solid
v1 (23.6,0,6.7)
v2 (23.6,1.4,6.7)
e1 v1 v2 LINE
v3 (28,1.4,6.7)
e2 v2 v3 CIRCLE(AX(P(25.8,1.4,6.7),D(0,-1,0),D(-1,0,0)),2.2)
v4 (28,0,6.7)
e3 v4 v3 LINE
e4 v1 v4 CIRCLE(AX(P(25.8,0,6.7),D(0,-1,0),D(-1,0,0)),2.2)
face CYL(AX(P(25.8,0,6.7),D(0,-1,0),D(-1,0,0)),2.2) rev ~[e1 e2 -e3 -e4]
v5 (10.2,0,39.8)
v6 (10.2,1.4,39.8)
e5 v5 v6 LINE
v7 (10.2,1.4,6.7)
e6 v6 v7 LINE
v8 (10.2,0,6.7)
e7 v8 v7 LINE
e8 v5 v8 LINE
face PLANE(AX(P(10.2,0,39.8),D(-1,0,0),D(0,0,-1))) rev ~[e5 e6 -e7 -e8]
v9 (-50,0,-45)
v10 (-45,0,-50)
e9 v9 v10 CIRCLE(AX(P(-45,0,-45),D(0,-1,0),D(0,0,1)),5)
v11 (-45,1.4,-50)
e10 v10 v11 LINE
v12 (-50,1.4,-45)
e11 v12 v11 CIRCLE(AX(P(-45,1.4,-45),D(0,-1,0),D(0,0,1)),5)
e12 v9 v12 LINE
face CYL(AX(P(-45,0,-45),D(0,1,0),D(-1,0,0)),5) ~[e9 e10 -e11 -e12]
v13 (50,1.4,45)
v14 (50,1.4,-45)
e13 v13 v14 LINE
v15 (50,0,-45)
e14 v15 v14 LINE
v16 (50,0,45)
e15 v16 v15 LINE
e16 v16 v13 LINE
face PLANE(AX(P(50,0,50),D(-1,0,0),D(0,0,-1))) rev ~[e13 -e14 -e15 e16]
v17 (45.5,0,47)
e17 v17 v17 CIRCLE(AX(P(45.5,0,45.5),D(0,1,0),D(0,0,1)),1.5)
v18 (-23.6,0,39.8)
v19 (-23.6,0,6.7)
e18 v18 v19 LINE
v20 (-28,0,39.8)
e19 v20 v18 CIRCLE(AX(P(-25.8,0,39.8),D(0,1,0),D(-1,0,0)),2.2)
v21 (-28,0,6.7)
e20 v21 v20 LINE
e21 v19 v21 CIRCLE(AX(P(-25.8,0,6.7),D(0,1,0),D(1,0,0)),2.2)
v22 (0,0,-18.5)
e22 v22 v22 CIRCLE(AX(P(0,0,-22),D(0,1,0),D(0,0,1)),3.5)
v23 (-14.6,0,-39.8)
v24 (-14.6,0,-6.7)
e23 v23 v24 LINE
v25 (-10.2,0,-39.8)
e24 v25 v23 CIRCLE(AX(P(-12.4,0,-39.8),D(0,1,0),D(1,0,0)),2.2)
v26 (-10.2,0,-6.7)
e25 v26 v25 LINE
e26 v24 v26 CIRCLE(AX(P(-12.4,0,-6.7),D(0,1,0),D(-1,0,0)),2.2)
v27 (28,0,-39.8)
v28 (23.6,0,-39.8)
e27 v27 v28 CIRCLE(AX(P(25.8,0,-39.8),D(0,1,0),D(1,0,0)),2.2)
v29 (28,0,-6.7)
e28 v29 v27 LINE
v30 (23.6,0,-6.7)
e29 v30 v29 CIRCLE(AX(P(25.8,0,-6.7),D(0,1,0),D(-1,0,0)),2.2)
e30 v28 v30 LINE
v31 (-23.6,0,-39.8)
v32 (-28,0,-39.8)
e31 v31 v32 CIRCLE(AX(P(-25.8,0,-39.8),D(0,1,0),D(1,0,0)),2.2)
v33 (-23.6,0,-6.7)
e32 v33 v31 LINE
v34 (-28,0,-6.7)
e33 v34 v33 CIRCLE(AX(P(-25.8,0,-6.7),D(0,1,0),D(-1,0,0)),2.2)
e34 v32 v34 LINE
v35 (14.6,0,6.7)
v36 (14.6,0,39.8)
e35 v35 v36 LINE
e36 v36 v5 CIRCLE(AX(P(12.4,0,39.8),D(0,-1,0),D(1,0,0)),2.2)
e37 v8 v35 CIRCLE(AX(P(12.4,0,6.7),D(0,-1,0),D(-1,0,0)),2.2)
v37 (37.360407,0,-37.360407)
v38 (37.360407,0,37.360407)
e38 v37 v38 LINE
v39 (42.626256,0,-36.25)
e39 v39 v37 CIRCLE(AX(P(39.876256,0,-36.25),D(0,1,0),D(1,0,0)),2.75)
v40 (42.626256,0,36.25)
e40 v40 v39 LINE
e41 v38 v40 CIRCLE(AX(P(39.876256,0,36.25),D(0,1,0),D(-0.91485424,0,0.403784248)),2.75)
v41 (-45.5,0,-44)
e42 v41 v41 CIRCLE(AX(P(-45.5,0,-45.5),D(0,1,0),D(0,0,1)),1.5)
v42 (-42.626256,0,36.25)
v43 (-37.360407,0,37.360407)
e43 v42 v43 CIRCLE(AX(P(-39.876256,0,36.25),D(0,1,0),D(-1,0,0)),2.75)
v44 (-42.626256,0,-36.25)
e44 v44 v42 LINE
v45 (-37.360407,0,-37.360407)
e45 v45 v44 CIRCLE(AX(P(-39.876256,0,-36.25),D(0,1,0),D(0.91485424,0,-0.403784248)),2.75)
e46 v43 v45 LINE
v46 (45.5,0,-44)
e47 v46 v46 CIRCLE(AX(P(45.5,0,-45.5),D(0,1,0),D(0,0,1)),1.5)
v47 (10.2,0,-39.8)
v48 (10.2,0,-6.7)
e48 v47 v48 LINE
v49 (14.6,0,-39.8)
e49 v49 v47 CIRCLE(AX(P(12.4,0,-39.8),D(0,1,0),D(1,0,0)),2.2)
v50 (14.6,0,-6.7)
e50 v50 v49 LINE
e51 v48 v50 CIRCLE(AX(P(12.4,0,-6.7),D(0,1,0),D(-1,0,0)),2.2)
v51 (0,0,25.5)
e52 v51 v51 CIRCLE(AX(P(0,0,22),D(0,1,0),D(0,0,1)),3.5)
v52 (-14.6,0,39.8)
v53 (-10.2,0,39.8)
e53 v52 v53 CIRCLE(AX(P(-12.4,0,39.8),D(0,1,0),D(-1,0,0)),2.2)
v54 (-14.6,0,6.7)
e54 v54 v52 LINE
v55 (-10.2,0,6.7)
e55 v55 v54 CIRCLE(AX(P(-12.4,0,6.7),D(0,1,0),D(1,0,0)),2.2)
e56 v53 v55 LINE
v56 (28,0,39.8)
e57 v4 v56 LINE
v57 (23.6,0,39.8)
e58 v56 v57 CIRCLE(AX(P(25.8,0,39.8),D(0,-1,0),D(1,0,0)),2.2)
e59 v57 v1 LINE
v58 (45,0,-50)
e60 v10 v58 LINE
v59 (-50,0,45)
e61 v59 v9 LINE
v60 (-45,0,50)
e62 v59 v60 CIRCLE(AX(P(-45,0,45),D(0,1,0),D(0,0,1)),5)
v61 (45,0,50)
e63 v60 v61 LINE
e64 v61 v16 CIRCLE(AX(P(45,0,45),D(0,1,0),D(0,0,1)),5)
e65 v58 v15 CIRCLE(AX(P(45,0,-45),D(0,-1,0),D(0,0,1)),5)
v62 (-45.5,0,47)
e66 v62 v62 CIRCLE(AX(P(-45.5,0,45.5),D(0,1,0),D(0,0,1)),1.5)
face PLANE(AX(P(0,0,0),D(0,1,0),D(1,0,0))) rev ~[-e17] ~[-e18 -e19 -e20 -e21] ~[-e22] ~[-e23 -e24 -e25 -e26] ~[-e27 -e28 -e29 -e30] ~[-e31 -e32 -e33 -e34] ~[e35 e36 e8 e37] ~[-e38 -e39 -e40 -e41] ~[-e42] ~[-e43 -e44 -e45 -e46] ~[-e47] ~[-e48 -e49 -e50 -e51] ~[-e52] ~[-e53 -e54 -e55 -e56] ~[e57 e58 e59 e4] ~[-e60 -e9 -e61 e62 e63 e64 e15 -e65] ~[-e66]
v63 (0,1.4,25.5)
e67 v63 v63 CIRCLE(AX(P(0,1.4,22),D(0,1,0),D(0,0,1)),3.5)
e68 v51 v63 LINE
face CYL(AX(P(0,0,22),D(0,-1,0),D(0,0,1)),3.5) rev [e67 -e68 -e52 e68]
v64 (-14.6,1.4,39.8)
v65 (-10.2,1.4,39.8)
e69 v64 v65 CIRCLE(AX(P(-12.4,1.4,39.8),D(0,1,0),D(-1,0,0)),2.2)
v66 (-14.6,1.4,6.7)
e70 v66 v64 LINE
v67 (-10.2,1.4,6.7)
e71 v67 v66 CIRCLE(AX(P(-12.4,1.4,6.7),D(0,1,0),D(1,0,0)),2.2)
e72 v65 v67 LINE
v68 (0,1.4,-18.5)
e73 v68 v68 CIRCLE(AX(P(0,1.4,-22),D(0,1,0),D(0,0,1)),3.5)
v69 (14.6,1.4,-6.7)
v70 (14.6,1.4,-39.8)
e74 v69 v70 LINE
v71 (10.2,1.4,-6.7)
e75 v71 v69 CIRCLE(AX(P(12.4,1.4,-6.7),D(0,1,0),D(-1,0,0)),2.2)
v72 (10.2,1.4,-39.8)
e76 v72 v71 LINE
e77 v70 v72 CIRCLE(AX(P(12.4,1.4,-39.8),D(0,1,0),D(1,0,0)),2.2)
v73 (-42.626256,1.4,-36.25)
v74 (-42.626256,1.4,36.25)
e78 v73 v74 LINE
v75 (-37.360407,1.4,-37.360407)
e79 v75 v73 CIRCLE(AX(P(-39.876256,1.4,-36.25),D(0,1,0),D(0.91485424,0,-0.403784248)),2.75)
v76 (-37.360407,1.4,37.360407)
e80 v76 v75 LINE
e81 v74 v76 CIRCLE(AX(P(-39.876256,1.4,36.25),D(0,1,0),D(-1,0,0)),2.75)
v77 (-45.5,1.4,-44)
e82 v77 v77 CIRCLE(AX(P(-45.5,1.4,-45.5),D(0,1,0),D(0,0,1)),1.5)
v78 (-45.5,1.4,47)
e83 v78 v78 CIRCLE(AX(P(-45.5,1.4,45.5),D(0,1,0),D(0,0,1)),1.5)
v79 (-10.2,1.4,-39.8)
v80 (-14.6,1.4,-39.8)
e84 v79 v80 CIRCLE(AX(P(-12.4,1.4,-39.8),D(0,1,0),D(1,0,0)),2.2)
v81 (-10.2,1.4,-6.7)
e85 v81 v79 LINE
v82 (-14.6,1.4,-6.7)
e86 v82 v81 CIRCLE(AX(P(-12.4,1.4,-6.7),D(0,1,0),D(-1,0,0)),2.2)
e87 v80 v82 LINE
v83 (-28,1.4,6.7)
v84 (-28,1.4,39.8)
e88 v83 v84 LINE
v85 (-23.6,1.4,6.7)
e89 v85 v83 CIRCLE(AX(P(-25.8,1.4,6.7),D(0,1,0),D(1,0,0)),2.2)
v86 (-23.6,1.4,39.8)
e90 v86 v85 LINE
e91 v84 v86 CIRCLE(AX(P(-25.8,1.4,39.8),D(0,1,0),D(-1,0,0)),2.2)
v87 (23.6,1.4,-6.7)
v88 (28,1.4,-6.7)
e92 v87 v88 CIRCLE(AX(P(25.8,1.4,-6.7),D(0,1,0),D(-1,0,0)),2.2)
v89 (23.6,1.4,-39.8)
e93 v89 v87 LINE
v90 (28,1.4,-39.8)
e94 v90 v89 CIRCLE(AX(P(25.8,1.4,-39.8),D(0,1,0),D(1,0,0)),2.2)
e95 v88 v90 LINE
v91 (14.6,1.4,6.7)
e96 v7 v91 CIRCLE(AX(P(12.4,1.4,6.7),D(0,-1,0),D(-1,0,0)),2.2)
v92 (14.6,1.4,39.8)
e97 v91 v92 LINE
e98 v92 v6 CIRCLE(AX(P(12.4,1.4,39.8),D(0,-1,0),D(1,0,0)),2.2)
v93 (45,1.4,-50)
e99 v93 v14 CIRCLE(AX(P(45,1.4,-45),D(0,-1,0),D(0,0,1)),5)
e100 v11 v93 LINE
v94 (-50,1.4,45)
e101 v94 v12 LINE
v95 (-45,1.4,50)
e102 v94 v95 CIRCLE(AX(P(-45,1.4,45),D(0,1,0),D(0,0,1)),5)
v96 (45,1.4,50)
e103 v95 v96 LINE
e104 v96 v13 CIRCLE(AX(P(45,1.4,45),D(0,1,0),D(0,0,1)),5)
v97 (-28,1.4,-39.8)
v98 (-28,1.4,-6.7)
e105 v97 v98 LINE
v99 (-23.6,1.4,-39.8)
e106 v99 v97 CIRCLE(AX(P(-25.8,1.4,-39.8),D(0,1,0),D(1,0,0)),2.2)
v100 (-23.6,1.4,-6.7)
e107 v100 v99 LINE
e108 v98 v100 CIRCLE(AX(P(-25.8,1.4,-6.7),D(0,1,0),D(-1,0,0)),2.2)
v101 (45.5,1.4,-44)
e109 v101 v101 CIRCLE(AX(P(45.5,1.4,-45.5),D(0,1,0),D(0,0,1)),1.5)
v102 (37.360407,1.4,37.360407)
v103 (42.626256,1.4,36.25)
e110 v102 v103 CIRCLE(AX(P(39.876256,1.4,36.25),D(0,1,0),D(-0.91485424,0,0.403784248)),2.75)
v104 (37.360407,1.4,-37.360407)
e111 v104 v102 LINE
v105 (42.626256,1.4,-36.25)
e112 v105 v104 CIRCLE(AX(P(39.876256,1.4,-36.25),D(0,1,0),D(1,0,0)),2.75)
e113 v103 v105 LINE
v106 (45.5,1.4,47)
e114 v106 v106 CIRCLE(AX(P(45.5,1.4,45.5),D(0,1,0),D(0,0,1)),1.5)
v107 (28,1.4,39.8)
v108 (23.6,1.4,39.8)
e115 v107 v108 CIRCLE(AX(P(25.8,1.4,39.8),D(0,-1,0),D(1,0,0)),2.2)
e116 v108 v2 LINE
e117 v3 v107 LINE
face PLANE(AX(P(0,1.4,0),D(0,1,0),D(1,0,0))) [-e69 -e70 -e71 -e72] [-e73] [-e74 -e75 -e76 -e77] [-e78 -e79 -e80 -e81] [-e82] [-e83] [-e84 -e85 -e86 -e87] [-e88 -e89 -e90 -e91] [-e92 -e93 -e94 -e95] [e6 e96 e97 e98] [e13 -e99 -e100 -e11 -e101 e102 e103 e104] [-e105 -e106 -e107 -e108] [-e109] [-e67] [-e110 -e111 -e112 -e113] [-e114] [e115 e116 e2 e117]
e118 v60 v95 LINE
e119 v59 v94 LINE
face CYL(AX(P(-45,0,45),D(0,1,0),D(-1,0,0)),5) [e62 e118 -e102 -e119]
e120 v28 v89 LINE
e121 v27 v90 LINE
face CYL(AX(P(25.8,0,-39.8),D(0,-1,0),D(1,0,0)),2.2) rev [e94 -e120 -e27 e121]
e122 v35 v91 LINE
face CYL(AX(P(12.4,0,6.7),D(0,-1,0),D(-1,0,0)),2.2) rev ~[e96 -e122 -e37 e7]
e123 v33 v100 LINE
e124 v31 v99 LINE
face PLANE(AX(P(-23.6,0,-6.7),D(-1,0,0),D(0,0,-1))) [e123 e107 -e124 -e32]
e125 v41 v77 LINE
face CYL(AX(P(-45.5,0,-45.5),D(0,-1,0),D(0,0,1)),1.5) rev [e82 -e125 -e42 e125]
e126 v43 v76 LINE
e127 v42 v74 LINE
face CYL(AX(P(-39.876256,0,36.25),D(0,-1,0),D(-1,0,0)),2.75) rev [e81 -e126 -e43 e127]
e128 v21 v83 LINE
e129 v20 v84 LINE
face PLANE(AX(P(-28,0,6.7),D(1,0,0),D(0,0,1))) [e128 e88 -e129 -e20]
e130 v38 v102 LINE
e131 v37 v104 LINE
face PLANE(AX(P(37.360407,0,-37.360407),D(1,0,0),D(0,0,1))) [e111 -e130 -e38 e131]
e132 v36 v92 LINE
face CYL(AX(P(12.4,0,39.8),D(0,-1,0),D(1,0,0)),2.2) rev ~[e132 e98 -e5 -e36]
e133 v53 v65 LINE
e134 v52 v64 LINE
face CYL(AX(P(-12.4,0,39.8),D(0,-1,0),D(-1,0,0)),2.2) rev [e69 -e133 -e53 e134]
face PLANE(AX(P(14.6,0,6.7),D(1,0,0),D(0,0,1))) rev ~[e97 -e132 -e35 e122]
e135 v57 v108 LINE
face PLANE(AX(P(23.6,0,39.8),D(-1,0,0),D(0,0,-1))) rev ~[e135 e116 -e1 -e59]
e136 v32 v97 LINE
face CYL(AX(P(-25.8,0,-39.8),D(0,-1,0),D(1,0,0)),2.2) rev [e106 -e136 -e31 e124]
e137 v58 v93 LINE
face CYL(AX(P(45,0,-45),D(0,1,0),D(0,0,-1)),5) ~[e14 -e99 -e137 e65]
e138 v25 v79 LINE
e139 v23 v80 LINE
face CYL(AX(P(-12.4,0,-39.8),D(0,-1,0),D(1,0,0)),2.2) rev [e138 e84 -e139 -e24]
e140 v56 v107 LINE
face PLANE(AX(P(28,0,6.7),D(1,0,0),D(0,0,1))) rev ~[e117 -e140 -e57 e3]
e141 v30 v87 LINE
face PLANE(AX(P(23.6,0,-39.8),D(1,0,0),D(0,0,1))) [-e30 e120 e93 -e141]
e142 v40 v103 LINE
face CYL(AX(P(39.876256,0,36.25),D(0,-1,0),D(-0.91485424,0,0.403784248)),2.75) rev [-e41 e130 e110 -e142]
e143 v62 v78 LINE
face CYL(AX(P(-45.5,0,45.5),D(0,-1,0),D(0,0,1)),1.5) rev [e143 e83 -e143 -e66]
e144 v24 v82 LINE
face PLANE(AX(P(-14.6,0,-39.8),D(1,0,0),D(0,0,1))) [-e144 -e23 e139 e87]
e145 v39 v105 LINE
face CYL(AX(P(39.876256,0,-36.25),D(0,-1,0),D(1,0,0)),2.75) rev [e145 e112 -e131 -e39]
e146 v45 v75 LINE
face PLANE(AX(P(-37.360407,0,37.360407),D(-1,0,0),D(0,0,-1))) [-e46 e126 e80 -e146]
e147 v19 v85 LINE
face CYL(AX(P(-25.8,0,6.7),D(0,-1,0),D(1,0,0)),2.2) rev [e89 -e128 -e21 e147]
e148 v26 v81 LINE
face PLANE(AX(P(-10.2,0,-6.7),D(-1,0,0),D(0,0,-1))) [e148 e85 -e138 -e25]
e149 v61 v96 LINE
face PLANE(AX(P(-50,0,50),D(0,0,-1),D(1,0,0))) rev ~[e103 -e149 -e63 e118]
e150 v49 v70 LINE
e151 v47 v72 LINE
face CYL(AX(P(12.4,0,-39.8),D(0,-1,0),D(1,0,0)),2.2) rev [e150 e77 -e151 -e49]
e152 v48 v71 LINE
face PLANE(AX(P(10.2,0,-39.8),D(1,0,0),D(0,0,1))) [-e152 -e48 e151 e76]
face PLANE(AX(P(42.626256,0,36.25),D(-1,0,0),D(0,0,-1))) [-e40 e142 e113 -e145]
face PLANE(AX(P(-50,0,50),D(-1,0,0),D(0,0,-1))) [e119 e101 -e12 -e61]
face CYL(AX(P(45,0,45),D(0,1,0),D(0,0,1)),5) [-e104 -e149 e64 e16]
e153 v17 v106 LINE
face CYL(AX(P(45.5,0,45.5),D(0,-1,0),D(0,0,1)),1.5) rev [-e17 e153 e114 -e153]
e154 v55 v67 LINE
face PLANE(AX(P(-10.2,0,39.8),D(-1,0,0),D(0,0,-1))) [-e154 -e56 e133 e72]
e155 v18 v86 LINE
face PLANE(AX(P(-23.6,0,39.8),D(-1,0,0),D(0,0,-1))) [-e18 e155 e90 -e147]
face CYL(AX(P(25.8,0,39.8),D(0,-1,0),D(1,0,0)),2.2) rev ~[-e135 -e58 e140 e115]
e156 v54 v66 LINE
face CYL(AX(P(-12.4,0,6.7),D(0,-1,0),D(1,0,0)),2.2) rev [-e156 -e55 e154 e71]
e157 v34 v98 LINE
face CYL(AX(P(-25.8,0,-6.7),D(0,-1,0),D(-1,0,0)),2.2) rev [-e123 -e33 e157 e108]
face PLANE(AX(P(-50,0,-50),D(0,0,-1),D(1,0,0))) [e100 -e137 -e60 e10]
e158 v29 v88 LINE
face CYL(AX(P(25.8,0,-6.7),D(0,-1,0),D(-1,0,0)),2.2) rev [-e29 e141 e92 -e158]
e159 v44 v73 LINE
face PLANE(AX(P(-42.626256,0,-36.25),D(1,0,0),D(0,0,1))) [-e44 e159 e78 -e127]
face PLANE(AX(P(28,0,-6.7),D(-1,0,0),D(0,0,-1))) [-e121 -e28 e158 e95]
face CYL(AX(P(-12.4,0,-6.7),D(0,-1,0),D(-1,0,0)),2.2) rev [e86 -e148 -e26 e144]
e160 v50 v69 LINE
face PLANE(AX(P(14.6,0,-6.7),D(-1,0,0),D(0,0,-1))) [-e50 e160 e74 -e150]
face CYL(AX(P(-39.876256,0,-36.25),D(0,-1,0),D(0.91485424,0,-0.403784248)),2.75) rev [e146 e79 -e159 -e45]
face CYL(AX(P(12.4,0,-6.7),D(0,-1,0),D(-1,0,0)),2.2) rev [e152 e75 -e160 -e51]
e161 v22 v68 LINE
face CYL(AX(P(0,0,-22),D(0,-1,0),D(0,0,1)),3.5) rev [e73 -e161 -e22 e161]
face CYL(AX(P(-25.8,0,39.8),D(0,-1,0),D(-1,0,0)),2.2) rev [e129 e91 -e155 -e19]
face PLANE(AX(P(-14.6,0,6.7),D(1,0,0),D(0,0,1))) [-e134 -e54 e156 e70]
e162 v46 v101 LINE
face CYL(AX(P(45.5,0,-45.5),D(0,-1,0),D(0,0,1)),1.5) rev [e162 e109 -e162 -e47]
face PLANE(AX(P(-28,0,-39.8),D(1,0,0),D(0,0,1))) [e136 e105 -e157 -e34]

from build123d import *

# Parameters (mm, degrees)
SKETCH1_W           = 100
SKETCH1_H           = 100
SKETCH1_R           = 1.5
SKETCH1_R_2         = 3.5
BOSS_EXTRUDE1_DEPTH = 1.4
FILLET1_R           = 5


with BuildPart() as part:
    # Sketch1 → Boss-Extrude1 (new body)
    with BuildSketch(Plane(origin=(0, 0, 0), x_dir=(1, 0, 0), z_dir=(0, 1, 0))):
        Rectangle(SKETCH1_W, SKETCH1_H)
        with Locations(Location((-45.5, 45.5, 0), (0, 0, 270))):
            Circle(SKETCH1_R, mode=Mode.SUBTRACT)
        with Locations(Location((45.5, 45.5, 0), (0, 0, 270))):
            Circle(SKETCH1_R, mode=Mode.SUBTRACT)
        with Locations(Location((-45.5, -45.5, 0), (0, 0, 270))):
            Circle(SKETCH1_R, mode=Mode.SUBTRACT)
        with Locations(Location((45.5, -45.5, 0), (0, 0, 270))):
            Circle(SKETCH1_R, mode=Mode.SUBTRACT)
        with Locations(Location((0, 22, 0), (0, 0, 270))):
            Circle(SKETCH1_R_2, mode=Mode.SUBTRACT)
        with Locations(Location((0, -22, 0), (0, 0, 270))):
            Circle(SKETCH1_R_2, mode=Mode.SUBTRACT)
        with BuildLine():
            Line((-42.626255843, 36.25), (-42.626255843, -36.25))
            ThreePointArc((-42.626255843, -36.25), (-40.443668748, -38.940825635), (-37.360406683, -37.360406683))
            Line((-37.360406683, -37.360406683), (-37.360406683, 37.360406683))
            ThreePointArc((-37.360406683, 37.360406683), (-40.443668748, 38.940825635), (-42.626255843, 36.25))
        make_face(mode=Mode.SUBTRACT)
        with BuildLine():
            Line((-28, 39.8), (-28, 6.7))
            ThreePointArc((-28, 6.7), (-25.8, 4.5), (-23.6, 6.7))
            Line((-23.6, 6.7), (-23.6, 39.8))
            ThreePointArc((-23.6, 39.8), (-25.8, 42), (-28, 39.8))
        make_face(mode=Mode.SUBTRACT)
        with BuildLine():
            Line((-14.6, 39.8), (-14.6, 6.7))
            ThreePointArc((-14.6, 6.7), (-12.4, 4.5), (-10.2, 6.7))
            Line((-10.2, 6.7), (-10.2, 39.8))
            ThreePointArc((-10.2, 39.8), (-12.4, 42), (-14.6, 39.8))
        make_face(mode=Mode.SUBTRACT)
        with BuildLine():
            Line((-10.2, -39.8), (-10.2, -6.7))
            ThreePointArc((-10.2, -6.7), (-12.4, -4.5), (-14.6, -6.7))
            Line((-14.6, -6.7), (-14.6, -39.8))
            ThreePointArc((-14.6, -39.8), (-12.4, -42), (-10.2, -39.8))
        make_face(mode=Mode.SUBTRACT)
        with BuildLine():
            Line((-23.6, -39.8), (-23.6, -6.7))
            ThreePointArc((-23.6, -6.7), (-25.8, -4.5), (-28, -6.7))
            Line((-28, -6.7), (-28, -39.8))
            ThreePointArc((-28, -39.8), (-25.8, -42), (-23.6, -39.8))
        make_face(mode=Mode.SUBTRACT)
        with BuildLine():
            Line((10.2, -39.8), (10.2, -6.7))
            ThreePointArc((10.2, -6.7), (12.4, -4.5), (14.6, -6.7))
            Line((14.6, -6.7), (14.6, -39.8))
            ThreePointArc((14.6, -39.8), (12.4, -42), (10.2, -39.8))
        make_face(mode=Mode.SUBTRACT)
        with BuildLine():
            Line((10.2, 39.8), (10.2, 6.7))
            ThreePointArc((10.2, 6.7), (12.4, 4.5), (14.6, 6.7))
            Line((14.6, 6.7), (14.6, 39.8))
            ThreePointArc((14.6, 39.8), (12.4, 42), (10.2, 39.8))
        make_face(mode=Mode.SUBTRACT)
        with BuildLine():
            Line((23.6, -39.8), (23.6, -6.7))
            ThreePointArc((23.6, -6.7), (25.8, -4.5), (28, -6.7))
            Line((28, -6.7), (28, -39.8))
            ThreePointArc((28, -39.8), (25.8, -42), (23.6, -39.8))
        make_face(mode=Mode.SUBTRACT)
        with BuildLine():
            Line((23.6, 39.8), (23.6, 6.7))
            ThreePointArc((23.6, 6.7), (25.8, 4.5), (28, 6.7))
            Line((28, 6.7), (28, 39.8))
            ThreePointArc((28, 39.8), (25.8, 42), (23.6, 39.8))
        make_face(mode=Mode.SUBTRACT)
        with BuildLine():
            Line((37.360406683, 37.360406683), (37.360406683, -37.360406683))
            ThreePointArc((37.360406683, -37.360406683), (40.443668748, -38.940825635), (42.626255843, -36.25))
            Line((42.626255843, -36.25), (42.626255843, 36.25))
            ThreePointArc((42.626255843, 36.25), (40.443668748, 38.940825635), (37.360406683, 37.360406683))
        make_face(mode=Mode.SUBTRACT)
    extrude(amount=BOSS_EXTRUDE1_DEPTH)

    # Fillet1
    fillet1_edges = [part.edges().sort_by_distance(p)[0] for p in [
        (-50, 0.7, -50),
        (50, 0.7, -50),
        (50, 0.7, 50),
        (-50, 0.7, 50),
    ]]
    fillet(fillet1_edges, radius=FILLET1_R)


solid = part.part
